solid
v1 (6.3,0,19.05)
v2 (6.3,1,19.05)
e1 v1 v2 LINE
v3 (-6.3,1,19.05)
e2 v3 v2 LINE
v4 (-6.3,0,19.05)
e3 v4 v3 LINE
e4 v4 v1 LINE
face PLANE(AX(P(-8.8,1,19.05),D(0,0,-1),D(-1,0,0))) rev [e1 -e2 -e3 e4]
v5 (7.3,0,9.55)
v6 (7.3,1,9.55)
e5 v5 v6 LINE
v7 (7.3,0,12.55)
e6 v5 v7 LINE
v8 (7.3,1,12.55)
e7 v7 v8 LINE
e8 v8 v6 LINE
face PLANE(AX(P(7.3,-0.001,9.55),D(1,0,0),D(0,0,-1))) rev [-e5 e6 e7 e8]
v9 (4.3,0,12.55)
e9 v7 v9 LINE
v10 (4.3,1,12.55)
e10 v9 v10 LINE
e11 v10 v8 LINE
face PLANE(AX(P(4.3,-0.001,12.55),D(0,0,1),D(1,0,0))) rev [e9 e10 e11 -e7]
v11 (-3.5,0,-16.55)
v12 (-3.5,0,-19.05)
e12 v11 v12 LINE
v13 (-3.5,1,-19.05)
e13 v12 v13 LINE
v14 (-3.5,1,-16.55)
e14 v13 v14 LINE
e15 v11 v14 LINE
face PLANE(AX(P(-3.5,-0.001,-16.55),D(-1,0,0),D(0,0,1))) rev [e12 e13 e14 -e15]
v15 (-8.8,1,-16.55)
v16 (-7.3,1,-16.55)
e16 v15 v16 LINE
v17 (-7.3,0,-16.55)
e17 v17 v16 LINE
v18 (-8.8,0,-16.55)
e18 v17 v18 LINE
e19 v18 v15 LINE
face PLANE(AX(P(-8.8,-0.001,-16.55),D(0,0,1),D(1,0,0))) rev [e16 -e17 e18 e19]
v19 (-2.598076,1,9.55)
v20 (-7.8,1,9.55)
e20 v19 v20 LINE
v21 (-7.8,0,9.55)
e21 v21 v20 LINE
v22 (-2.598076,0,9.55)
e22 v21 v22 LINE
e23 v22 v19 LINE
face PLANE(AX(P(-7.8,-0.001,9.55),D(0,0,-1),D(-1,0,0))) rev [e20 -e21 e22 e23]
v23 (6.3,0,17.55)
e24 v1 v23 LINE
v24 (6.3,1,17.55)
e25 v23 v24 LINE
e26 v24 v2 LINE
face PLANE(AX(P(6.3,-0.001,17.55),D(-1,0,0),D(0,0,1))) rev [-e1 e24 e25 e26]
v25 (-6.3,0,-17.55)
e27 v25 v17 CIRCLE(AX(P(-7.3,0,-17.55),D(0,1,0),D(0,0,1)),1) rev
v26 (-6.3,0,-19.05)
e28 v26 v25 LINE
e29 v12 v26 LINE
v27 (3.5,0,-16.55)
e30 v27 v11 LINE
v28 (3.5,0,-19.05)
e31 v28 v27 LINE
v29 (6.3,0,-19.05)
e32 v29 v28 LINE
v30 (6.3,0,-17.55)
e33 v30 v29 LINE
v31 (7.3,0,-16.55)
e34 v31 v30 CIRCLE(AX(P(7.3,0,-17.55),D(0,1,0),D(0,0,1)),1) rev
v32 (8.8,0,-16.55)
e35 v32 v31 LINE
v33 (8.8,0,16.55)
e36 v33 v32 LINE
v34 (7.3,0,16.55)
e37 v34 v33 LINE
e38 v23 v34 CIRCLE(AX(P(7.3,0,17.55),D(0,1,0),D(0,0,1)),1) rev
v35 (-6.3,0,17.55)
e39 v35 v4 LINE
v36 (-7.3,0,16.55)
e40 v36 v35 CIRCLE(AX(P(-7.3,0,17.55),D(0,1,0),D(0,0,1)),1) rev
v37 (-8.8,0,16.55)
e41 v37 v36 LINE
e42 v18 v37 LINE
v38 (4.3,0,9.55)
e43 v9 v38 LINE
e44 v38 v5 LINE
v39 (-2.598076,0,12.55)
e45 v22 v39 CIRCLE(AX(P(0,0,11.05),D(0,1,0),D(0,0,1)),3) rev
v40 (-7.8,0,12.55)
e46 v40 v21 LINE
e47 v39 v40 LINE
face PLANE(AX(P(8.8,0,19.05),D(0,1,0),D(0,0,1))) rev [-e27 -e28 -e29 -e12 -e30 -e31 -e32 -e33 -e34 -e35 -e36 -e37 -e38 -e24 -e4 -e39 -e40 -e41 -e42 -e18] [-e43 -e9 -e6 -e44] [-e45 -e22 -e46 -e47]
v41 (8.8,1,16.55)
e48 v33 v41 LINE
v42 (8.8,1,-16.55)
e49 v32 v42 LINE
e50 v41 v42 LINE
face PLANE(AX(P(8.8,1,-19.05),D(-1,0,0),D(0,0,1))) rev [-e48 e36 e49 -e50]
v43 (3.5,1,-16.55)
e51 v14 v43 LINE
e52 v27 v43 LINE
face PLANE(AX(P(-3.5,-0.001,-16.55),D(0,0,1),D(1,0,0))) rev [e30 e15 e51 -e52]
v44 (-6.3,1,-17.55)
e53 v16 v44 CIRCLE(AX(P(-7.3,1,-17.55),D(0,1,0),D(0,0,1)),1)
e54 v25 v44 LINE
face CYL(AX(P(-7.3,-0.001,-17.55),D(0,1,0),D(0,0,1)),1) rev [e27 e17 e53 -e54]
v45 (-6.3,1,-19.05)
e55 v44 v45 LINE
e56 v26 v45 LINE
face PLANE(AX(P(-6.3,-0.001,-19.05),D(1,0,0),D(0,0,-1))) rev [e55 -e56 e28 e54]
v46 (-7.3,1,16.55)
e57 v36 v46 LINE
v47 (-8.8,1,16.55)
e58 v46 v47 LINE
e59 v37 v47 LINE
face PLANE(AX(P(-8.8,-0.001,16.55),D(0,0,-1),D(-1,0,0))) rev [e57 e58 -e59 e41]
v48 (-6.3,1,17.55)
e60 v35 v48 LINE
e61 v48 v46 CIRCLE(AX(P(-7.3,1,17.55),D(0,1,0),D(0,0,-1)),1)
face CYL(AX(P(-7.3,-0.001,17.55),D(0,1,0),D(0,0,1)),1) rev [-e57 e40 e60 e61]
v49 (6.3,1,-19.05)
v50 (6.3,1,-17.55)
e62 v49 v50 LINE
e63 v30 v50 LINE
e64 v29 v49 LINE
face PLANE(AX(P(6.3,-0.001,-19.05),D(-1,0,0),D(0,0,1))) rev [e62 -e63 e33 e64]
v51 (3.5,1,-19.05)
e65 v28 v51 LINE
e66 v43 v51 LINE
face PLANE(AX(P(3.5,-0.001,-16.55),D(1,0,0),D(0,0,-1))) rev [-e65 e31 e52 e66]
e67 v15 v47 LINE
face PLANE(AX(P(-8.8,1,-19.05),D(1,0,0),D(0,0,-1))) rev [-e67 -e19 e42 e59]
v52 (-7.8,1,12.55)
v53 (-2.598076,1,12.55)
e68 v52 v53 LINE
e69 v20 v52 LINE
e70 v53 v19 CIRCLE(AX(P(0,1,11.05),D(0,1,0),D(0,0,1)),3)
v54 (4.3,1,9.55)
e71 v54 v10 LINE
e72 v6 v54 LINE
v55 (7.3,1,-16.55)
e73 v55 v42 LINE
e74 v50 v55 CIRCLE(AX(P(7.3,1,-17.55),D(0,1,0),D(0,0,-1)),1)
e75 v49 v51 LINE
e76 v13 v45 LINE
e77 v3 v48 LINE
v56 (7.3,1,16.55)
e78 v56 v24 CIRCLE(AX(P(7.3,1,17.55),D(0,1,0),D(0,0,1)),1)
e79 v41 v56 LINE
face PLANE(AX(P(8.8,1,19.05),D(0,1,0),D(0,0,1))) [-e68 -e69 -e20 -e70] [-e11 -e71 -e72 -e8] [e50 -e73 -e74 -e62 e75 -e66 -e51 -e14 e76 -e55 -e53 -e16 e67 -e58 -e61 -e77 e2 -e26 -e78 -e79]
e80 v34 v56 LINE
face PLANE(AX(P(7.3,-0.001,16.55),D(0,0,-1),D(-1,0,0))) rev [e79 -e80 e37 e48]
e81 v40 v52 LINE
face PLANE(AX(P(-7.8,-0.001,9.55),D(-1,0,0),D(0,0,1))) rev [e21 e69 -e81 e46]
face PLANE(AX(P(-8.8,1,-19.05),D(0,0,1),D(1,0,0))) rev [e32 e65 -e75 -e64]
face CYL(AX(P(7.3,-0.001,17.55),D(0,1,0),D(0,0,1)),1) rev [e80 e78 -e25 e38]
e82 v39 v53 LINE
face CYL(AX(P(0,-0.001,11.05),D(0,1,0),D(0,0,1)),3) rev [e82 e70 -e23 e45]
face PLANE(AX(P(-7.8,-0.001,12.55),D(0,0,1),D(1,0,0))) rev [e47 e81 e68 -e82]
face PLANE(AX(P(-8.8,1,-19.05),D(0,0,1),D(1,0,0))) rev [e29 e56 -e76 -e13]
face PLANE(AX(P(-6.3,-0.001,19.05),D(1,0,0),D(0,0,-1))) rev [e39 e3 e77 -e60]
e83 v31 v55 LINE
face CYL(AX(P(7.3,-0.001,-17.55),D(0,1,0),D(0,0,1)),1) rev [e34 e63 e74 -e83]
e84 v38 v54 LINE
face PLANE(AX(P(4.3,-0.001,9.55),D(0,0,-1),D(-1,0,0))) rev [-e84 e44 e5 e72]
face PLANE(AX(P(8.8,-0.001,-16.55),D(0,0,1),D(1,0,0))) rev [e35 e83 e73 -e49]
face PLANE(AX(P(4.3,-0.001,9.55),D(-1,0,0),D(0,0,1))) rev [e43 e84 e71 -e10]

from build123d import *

# Parameters (mm, degrees)
SKETCH_2_W          = 17.6
SKETCH_2_H          = 38.1
EXTRUDE_2_DEPTH     = 1
CUT_EXTRUDE_3_REACH = 23.008
SKETCH_3_W          = 7
SKETCH_3_H          = 2.5
SKETCH_3_W_2        = 3
SKETCH_3_H_2        = 3


with BuildPart() as part:
    # 草圖2 → 伸長2 (new body)
    with BuildSketch(Plane(origin=(0, 0, 0), x_dir=(1, 0, 0), z_dir=(0, 1, 0))):
        Rectangle(SKETCH_2_W, SKETCH_2_H)
    extrude(amount=EXTRUDE_2_DEPTH)

    # 草圖3 → 伸長3 (cut, up to next)
    with BuildSketch(Plane(origin=(0, 1, 0), x_dir=(1, 0, 0), z_dir=(0, 1, 0)), mode=Mode.PRIVATE) as cut_extrude_3_sk1:
        with Locations((0, 17.8)):
            Rectangle(SKETCH_3_W, SKETCH_3_H)
    cut_extrude_3_tool1 = extrude(cut_extrude_3_sk1.sketch, amount=-CUT_EXTRUDE_3_REACH, mode=Mode.PRIVATE) & part.part
    # 草圖3 → 伸長3 (cut, up to next)
    with BuildSketch(Plane(origin=(0, 1, 0), x_dir=(1, 0, 0), z_dir=(0, 1, 0)), mode=Mode.PRIVATE) as cut_extrude_3_sk2:
        with BuildLine():
            Line((8.8, 19.05), (6.3, 19.05))
            Line((6.3, 19.05), (6.3, 17.55))
            ThreePointArc((6.3, 17.55), (6.592893219, 16.842893219), (7.3, 16.55))
            Line((7.3, 16.55), (8.8, 16.55))
            Line((8.8, 16.55), (8.8, 19.05))
        make_face()
    cut_extrude_3_tool2 = extrude(cut_extrude_3_sk2.sketch, amount=-CUT_EXTRUDE_3_REACH, mode=Mode.PRIVATE) & part.part
    # 草圖3 → 伸長3 (cut, up to next)
    with BuildSketch(Plane(origin=(0, 1, 0), x_dir=(1, 0, 0), z_dir=(0, 1, 0)), mode=Mode.PRIVATE) as cut_extrude_3_sk3:
        with BuildLine():
            Line((-8.8, 19.05), (-6.3, 19.05))
            Line((-6.3, 19.05), (-6.3, 17.55))
            ThreePointArc((-6.3, 17.55), (-6.592893219, 16.842893219), (-7.3, 16.55))
            Line((-7.3, 16.55), (-8.8, 16.55))
            Line((-8.8, 16.55), (-8.8, 19.05))
        make_face()
    cut_extrude_3_tool3 = extrude(cut_extrude_3_sk3.sketch, amount=-CUT_EXTRUDE_3_REACH, mode=Mode.PRIVATE) & part.part
    # 草圖3 → 伸長3 (cut, up to next)
    with BuildSketch(Plane(origin=(0, 1, 0), x_dir=(1, 0, 0), z_dir=(0, 1, 0)), mode=Mode.PRIVATE) as cut_extrude_3_sk4:
        with BuildLine():
            Line((-8.8, -19.05), (-6.3, -19.05))
            Line((-6.3, -19.05), (-6.3, -17.55))
            ThreePointArc((-6.3, -17.55), (-6.592893219, -16.842893219), (-7.3, -16.55))
            Line((-7.3, -16.55), (-8.8, -16.55))
            Line((-8.8, -16.55), (-8.8, -19.05))
        make_face()
    cut_extrude_3_tool4 = extrude(cut_extrude_3_sk4.sketch, amount=-CUT_EXTRUDE_3_REACH, mode=Mode.PRIVATE) & part.part
    # 草圖3 → 伸長3 (cut, up to next)
    with BuildSketch(Plane(origin=(0, 1, 0), x_dir=(1, 0, 0), z_dir=(0, 1, 0)), mode=Mode.PRIVATE) as cut_extrude_3_sk5:
        with BuildLine():
            Line((7.3, -16.55), (8.8, -16.55))
            Line((8.8, -16.55), (8.8, -19.05))
            Line((8.8, -19.05), (6.3, -19.05))
            Line((6.3, -19.05), (6.3, -17.55))
            ThreePointArc((6.3, -17.55), (6.592893219, -16.842893219), (7.3, -16.55))
        make_face()
    cut_extrude_3_tool5 = extrude(cut_extrude_3_sk5.sketch, amount=-CUT_EXTRUDE_3_REACH, mode=Mode.PRIVATE) & part.part
    # 草圖3 → 伸長3 (cut, up to next)
    with BuildSketch(Plane(origin=(0, 1, 0), x_dir=(1, 0, 0), z_dir=(0, 1, 0)), mode=Mode.PRIVATE) as cut_extrude_3_sk6:
        with BuildLine():
            Line((-7.8, -9.55), (-2.598076211, -9.55))
            ThreePointArc((-2.598076211, -9.55), (3, -11.05), (-2.598076211, -12.55))
            Line((-2.598076211, -12.55), (-7.8, -12.55))
            Line((-7.8, -12.55), (-7.8, -9.55))
        make_face()
    cut_extrude_3_tool6 = extrude(cut_extrude_3_sk6.sketch, amount=-CUT_EXTRUDE_3_REACH, mode=Mode.PRIVATE) & part.part
    # 草圖3 → 伸長3 (cut, up to next)
    with BuildSketch(Plane(origin=(0, 1, 0), x_dir=(1, 0, 0), z_dir=(0, 1, 0)), mode=Mode.PRIVATE) as cut_extrude_3_sk7:
        with Locations((5.8, -11.05)):
            Rectangle(SKETCH_3_W_2, SKETCH_3_H_2)
    cut_extrude_3_tool7 = extrude(cut_extrude_3_sk7.sketch, amount=-CUT_EXTRUDE_3_REACH, mode=Mode.PRIVATE) & part.part
    add(cut_extrude_3_tool1.solids().sort_by_distance((0, 1, -17.8))[0], mode=Mode.SUBTRACT)
    add(cut_extrude_3_tool2.solids().sort_by_distance((7.586504, 1, -17.836504))[0], mode=Mode.SUBTRACT)
    add(cut_extrude_3_tool3.solids().sort_by_distance((-7.586504, 1, -17.836504))[0], mode=Mode.SUBTRACT)
    add(cut_extrude_3_tool4.solids().sort_by_distance((-7.586504, 1, 17.836504))[0], mode=Mode.SUBTRACT)
    add(cut_extrude_3_tool5.solids().sort_by_distance((7.586504, 1, 17.836504))[0], mode=Mode.SUBTRACT)
    add(cut_extrude_3_tool6.solids().sort_by_distance((-1.831773, 1, 11.05))[0], mode=Mode.SUBTRACT)
    add(cut_extrude_3_tool7.solids().sort_by_distance((5.8, 1, 11.05))[0], mode=Mode.SUBTRACT)


solid = part.part
